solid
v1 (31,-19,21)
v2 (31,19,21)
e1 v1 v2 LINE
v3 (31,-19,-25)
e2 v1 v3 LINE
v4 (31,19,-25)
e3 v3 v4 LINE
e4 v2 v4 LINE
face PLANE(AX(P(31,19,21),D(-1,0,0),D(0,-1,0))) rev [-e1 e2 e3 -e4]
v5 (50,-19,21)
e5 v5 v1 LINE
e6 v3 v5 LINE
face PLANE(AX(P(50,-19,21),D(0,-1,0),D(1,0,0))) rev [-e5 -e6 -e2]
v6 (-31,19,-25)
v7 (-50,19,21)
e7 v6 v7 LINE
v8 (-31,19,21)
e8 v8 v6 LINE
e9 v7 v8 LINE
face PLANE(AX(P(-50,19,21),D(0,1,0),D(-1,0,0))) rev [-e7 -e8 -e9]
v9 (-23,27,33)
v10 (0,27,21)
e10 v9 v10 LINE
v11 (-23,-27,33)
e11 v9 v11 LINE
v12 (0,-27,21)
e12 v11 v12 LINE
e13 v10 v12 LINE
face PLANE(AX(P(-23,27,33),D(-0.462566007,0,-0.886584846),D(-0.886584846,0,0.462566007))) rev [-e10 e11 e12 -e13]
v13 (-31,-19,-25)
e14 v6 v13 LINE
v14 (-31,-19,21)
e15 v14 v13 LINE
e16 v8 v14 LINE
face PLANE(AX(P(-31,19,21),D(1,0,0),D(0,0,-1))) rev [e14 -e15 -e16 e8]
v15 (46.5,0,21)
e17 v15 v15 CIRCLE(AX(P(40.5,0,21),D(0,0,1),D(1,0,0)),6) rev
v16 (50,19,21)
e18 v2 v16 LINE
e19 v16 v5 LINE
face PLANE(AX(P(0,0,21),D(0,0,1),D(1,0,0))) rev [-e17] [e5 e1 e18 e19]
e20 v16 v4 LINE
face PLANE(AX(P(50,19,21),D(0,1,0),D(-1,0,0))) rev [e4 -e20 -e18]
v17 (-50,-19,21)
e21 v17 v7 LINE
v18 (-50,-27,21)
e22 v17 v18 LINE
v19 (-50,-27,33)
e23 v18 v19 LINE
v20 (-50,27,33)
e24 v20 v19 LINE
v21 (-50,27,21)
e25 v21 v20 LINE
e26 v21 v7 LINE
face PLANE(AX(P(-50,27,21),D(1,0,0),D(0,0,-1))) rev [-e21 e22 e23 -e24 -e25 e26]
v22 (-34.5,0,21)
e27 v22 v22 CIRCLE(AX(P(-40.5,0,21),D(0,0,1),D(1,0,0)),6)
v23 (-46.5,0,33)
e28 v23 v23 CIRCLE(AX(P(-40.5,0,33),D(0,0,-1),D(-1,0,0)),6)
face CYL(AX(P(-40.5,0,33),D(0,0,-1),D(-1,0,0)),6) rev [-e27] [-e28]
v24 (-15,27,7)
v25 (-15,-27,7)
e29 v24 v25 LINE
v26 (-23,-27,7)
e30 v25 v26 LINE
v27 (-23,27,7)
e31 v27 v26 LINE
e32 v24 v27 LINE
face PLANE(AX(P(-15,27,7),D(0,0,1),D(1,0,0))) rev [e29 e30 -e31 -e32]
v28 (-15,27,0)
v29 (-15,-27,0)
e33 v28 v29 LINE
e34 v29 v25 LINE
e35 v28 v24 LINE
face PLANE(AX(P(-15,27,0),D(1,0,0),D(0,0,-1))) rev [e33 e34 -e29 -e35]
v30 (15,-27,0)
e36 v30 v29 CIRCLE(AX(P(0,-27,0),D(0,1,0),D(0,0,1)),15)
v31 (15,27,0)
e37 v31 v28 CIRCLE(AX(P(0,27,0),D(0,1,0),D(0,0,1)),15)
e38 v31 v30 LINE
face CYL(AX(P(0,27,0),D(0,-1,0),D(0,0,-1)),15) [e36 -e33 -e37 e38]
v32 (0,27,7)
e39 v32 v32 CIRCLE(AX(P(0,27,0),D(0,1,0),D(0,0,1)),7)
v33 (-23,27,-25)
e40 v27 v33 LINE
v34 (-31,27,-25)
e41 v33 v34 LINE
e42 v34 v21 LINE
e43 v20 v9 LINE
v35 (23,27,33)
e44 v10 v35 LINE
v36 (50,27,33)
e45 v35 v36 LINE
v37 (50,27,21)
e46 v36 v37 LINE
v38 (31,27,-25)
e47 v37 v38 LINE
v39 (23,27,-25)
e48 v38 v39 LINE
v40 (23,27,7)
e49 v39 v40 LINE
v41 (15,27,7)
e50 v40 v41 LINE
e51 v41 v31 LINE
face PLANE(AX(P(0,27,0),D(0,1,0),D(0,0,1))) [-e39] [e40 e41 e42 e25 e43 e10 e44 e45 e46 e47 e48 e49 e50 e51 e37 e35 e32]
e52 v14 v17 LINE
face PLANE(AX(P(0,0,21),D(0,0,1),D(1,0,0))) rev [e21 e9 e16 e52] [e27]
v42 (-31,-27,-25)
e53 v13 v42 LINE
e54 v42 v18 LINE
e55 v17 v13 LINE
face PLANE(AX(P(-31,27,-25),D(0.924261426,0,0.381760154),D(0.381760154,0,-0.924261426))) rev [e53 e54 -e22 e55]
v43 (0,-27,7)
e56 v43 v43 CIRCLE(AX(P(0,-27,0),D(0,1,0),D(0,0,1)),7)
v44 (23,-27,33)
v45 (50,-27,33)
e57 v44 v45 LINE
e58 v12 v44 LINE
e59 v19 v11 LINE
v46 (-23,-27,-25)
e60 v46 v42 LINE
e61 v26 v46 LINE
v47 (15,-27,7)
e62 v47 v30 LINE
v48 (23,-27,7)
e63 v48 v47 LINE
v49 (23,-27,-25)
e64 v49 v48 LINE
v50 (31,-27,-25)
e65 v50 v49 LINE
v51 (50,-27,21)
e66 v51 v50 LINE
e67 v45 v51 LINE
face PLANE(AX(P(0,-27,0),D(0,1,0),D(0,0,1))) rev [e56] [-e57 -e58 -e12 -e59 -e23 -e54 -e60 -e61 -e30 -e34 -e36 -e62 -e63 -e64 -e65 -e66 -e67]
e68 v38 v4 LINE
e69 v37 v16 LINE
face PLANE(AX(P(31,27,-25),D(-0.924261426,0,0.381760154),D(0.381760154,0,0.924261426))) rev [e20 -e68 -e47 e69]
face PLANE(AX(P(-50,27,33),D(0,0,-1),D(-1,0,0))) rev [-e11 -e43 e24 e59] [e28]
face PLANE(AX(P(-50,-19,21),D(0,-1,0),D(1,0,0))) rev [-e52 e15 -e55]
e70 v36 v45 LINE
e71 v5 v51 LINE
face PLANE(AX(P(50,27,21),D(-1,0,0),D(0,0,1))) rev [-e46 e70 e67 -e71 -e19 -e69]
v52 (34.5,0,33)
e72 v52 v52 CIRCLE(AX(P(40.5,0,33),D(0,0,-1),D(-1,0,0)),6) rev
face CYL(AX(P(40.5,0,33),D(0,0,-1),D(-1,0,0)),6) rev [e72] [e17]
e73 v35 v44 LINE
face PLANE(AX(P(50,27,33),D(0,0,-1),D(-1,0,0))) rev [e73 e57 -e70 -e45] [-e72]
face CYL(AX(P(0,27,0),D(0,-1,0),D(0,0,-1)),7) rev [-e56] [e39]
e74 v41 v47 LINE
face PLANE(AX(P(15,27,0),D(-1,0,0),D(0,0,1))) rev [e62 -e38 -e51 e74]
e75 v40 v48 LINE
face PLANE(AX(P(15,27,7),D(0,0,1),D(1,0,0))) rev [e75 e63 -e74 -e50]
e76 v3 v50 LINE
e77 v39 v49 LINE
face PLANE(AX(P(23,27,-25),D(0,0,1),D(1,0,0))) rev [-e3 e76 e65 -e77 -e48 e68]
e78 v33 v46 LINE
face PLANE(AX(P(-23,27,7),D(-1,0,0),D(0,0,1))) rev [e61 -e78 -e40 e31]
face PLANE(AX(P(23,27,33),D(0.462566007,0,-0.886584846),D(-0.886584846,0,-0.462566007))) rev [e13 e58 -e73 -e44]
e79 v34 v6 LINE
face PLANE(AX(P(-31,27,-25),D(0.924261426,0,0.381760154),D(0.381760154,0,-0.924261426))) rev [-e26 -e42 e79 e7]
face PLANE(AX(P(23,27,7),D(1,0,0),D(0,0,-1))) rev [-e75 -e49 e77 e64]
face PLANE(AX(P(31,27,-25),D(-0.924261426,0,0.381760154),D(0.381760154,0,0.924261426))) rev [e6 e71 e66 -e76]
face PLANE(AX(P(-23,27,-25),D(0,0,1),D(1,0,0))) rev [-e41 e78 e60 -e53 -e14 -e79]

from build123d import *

# Parameters (mm, degrees)
SKETCH_1_R          = 7
EXTRUDE_1_DEPTH     = 27
SKETCH_2_W          = 19
SKETCH_2_H          = 38
SKETCH_2_R          = 6
CUT_EXTRUDE_1_DEPTH = 46
SKETCH_2_2_R        = 6
CUT_EXTRUDE_2_DEPTH = 82.197290595


with BuildPart() as part:
    # 草图1 → 凸台-拉伸1 (new, symmetric)
    with BuildSketch(Plane(origin=(0, 0, 0), x_dir=(1, 0, 0), z_dir=(0, 1, 0))):
        with BuildLine():
            Line((15, 0), (15, -7))
            Line((15, -7), (23, -7))
            Line((23, -7), (23, 25))
            Line((23, 25), (31, 25))
            Line((31, 25), (50, -21))
            Line((50, -21), (50, -33))
            Line((50, -33), (23, -33))
            Line((23, -33), (0, -21))
            Line((0, -21), (-23, -33))
            Line((-23, -33), (-50, -33))
            Line((-50, -33), (-50, -21))
            Line((-50, -21), (-31, 25))
            Line((-31, 25), (-23, 25))
            Line((-23, 25), (-23, -7))
            Line((-23, -7), (-15, -7))
            Line((-15, -7), (-15, 0))
            ThreePointArc((-15, 0), (0, 15), (15, 0))
        make_face()
        with Locations(Location((0, 0, 0), (0, 0, 270))):
            Circle(SKETCH_1_R, mode=Mode.SUBTRACT)
    extrude(amount=EXTRUDE_1_DEPTH, both=True)

    # 草图2 → 切除-拉伸1 (cut)
    # profile 1 of 2: a face of its own
    with BuildSketch(Plane(origin=(0, 0, -25), x_dir=(-1, 0, 0), z_dir=(0, 0, -1))):
        with Locations((40.5, 0)):
            Rectangle(SKETCH_2_W, SKETCH_2_H)
        with Locations((40.5, 0)):
            Circle(SKETCH_2_R, mode=Mode.SUBTRACT)
    # profile 2 of 2: a face of its own
    with BuildSketch(Plane(origin=(0, 0, -25), x_dir=(-1, 0, 0), z_dir=(0, 0, -1))):
        with Locations((-40.5, 0)):
            Rectangle(SKETCH_2_W, SKETCH_2_H)
        with Locations((-40.5, 0)):
            Circle(SKETCH_2_R, mode=Mode.SUBTRACT)
    extrude(amount=-CUT_EXTRUDE_1_DEPTH, mode=Mode.SUBTRACT)

    # 草图2<2> → 切除-拉伸2 (cut, through all)
    with BuildSketch(Plane(origin=(0, 0, -25), x_dir=(-1, 0, 0), z_dir=(0, 0, -1))):
        with Locations((40.5, 0)):
            Circle(SKETCH_2_2_R)
        with Locations((-40.5, 0)):
            Circle(SKETCH_2_2_R)
    extrude(amount=-CUT_EXTRUDE_2_DEPTH, mode=Mode.SUBTRACT)


solid = part.part
